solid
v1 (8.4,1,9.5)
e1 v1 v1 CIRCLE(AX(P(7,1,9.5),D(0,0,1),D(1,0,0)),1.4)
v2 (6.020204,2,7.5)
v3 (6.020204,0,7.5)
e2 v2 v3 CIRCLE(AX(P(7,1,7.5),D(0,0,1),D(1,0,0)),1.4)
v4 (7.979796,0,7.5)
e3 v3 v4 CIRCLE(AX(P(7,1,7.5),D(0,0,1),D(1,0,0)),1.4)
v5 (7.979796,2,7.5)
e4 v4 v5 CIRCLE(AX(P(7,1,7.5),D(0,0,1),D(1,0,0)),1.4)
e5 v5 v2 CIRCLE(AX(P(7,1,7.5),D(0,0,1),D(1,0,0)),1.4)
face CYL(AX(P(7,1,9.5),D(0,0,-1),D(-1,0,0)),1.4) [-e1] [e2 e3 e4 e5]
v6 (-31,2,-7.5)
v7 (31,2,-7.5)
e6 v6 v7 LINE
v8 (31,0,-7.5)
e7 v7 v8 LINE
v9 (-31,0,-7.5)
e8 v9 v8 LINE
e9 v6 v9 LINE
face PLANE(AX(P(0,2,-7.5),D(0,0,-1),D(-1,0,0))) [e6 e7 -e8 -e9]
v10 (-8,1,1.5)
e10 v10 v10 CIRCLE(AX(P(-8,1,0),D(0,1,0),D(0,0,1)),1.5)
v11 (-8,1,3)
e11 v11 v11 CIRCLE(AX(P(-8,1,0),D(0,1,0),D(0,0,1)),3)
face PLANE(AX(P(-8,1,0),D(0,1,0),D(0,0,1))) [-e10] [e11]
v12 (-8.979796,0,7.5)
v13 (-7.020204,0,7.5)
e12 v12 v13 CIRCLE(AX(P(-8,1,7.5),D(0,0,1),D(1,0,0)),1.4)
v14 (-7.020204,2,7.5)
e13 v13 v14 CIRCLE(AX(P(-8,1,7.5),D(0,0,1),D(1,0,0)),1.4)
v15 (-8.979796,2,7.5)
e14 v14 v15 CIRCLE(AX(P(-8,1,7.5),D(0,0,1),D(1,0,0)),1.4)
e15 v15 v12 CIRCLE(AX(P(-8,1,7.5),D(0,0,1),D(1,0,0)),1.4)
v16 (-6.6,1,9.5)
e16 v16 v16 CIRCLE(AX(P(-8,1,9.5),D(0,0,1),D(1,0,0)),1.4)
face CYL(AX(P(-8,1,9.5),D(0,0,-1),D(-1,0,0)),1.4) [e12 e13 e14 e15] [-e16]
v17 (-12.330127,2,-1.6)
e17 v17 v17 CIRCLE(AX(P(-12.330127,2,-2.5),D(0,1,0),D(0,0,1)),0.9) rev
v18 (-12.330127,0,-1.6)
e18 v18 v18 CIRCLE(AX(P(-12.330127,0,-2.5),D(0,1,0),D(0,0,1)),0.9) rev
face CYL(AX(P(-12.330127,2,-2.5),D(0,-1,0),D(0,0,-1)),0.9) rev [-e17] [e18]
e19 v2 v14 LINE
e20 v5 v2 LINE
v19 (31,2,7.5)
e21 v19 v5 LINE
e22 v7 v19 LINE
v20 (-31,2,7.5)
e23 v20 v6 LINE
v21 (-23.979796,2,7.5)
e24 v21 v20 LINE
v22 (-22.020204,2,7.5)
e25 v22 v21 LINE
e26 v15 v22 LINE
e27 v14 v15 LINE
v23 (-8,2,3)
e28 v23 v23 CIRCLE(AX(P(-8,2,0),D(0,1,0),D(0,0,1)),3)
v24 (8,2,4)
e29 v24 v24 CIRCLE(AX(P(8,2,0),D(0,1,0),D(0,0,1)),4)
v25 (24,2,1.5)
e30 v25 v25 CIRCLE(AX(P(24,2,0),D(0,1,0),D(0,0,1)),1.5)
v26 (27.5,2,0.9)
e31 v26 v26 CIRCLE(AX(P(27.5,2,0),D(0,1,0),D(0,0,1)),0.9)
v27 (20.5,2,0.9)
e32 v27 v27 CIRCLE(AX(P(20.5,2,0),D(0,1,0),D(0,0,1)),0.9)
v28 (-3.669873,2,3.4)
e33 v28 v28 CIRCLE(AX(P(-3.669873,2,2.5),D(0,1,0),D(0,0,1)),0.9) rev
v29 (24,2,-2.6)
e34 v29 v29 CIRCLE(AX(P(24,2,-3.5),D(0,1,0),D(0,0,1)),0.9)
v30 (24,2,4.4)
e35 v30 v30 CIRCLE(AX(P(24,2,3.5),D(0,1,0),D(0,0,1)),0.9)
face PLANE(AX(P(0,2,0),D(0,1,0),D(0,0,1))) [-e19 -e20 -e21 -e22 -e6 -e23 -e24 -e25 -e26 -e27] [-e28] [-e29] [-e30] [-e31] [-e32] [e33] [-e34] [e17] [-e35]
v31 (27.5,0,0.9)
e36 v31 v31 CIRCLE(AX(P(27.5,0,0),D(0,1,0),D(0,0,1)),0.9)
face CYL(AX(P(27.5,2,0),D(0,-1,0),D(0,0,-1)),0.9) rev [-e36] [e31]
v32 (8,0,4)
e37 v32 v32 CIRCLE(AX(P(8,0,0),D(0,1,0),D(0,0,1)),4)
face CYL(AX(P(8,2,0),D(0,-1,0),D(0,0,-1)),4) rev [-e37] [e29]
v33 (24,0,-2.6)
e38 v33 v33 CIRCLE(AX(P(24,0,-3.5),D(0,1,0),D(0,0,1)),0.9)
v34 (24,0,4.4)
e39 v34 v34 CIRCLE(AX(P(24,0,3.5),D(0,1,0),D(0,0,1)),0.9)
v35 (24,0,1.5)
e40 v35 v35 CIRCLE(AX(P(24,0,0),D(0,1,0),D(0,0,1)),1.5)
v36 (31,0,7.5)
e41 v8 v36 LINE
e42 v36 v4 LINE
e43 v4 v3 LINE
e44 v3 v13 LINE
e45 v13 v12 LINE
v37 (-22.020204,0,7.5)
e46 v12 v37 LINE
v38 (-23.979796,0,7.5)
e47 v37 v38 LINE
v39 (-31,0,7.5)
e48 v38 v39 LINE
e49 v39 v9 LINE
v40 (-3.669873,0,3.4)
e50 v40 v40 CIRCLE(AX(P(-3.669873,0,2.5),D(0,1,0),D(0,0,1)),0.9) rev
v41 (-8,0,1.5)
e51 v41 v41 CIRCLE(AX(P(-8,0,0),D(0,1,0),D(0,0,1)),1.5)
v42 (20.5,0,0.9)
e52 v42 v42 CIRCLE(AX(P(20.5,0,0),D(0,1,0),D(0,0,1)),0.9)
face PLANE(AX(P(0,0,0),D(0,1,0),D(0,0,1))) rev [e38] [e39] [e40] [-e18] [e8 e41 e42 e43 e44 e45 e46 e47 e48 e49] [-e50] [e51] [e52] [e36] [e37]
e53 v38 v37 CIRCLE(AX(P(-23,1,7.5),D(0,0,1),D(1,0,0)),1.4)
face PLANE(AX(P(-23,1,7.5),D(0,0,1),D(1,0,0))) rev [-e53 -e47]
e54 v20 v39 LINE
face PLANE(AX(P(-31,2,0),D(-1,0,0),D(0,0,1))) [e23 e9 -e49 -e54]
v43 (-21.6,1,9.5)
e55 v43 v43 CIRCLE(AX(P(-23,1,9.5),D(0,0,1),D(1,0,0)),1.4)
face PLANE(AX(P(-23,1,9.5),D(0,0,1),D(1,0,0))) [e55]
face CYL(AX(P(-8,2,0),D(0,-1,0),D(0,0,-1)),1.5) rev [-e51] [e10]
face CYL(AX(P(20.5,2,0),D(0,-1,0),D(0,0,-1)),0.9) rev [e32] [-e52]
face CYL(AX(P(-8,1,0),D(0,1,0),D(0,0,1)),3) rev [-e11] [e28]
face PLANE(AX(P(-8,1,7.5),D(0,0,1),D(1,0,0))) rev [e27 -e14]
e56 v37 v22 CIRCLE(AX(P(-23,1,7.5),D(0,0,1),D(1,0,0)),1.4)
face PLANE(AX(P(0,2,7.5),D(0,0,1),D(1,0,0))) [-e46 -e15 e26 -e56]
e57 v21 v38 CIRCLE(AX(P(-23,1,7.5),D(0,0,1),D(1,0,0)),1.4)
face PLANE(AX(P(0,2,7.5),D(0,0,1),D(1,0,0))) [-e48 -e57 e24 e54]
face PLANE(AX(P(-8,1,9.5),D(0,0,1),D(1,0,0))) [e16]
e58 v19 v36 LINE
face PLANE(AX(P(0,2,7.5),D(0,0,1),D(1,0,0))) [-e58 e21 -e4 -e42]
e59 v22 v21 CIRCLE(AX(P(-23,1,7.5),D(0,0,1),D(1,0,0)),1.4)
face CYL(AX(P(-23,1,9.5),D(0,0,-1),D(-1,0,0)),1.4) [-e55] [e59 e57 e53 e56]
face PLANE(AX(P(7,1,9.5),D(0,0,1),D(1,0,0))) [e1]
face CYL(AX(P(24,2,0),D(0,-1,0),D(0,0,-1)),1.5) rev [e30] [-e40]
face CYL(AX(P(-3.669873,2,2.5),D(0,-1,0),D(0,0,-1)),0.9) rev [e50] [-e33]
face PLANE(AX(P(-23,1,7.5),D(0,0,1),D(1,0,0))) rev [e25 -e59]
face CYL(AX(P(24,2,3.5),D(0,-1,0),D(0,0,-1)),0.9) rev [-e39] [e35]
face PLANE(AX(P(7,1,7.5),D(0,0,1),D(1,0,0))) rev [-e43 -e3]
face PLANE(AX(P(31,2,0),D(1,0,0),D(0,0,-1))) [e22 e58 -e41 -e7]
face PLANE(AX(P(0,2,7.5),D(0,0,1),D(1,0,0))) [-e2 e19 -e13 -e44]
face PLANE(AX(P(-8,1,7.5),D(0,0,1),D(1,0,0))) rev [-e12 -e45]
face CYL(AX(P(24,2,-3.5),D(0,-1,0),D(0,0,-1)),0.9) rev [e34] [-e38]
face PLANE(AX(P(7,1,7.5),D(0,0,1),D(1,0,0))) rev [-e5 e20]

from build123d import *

# Parameters (mm, degrees)
SKETCH_1_W          = 62
SKETCH_1_H          = 15
SKETCH_1_R          = 0.9
SKETCH_1_R_2        = 1.5
SKETCH_1_R_3        = 4
EXTRUDE_1_DEPTH     = 2
SKETCH_2_R          = 1.4
EXTRUDE_2_DEPTH     = 2
SKETCH_4_R          = 3
CUT_EXTRUDE_1_DEPTH = 1


with BuildPart() as part:
    # 草图1 → 凸台-拉伸1 (new body)
    # profile 1 of 3: a face of its own
    with BuildSketch(Plane(origin=(0, 0, 0), x_dir=(1, 0, 0), z_dir=(0, 1, 0))):
        Rectangle(SKETCH_1_W, SKETCH_1_H)
        with Locations(Location((-12.330127019, 2.5, 0), (0, 0, 270))):
            Circle(SKETCH_1_R, mode=Mode.SUBTRACT)
        with Locations(Location((24, 3.5, 0), (0, 0, 270))):
            Circle(SKETCH_1_R, mode=Mode.SUBTRACT)
        with Locations(Location((20.5, 0, 0), (0, 0, 270))):
            Circle(SKETCH_1_R, mode=Mode.SUBTRACT)
        with Locations(Location((24, -3.5, 0), (0, 0, 270))):
            Circle(SKETCH_1_R, mode=Mode.SUBTRACT)
        with Locations(Location((27.5, 0, 0), (0, 0, 270))):
            Circle(SKETCH_1_R, mode=Mode.SUBTRACT)
        with Locations(Location((24, 0, 0), (0, 0, 270))):
            Circle(SKETCH_1_R_2, mode=Mode.SUBTRACT)
        with Locations(Location((8, 0, 0), (0, 0, 270))):
            Circle(SKETCH_1_R_3, mode=Mode.SUBTRACT)
        with Locations((-12.330127019, -2.5)):
            Circle(SKETCH_1_R, mode=Mode.SUBTRACT)
        with Locations((-3.669872981, 2.5)):
            Circle(SKETCH_1_R, mode=Mode.SUBTRACT)
        with Locations(Location((-8, 0, 0), (0, 0, 270))):
            Circle(SKETCH_1_R_2, mode=Mode.SUBTRACT)
        with Locations(Location((-3.669872981, -2.5, 0), (0, 0, 270))):
            Circle(SKETCH_1_R, mode=Mode.SUBTRACT)
    # profile 2 of 3: a face of its own
    with BuildSketch(Plane(origin=(0, 0, 0), x_dir=(1, 0, 0), z_dir=(0, 1, 0))):
        with Locations((-12.330127019, -2.5)):
            Circle(SKETCH_1_R)
    # profile 3 of 3: a face of its own
    with BuildSketch(Plane(origin=(0, 0, 0), x_dir=(1, 0, 0), z_dir=(0, 1, 0))):
        with Locations((-3.669872981, 2.5)):
            Circle(SKETCH_1_R)
    extrude(amount=EXTRUDE_1_DEPTH)

    # 草图2 → 凸台-拉伸2 (add)
    with BuildSketch(Plane.XY.offset(7.5)):
        with Locations(Location((-23, 1, 0), (0, 0, 134.415308597))):
            Circle(SKETCH_2_R)
        with Locations(Location((-8, 1, 0), (0, 0, 134.415308597))):
            Circle(SKETCH_2_R)
        with Locations(Location((7, 1, 0), (0, 0, 134.415308597))):
            Circle(SKETCH_2_R)
    extrude(amount=EXTRUDE_2_DEPTH)

    # 草图4 → 切除-拉伸1 (cut)
    with BuildSketch(Plane(origin=(0, 2, 0), x_dir=(1, 0, 0), z_dir=(0, 1, 0))):
        with Locations(Location((-8, 0, 0), (0, 0, 270))):
            Circle(SKETCH_4_R)
    extrude(amount=-CUT_EXTRUDE_1_DEPTH, mode=Mode.SUBTRACT)


solid = part.part
